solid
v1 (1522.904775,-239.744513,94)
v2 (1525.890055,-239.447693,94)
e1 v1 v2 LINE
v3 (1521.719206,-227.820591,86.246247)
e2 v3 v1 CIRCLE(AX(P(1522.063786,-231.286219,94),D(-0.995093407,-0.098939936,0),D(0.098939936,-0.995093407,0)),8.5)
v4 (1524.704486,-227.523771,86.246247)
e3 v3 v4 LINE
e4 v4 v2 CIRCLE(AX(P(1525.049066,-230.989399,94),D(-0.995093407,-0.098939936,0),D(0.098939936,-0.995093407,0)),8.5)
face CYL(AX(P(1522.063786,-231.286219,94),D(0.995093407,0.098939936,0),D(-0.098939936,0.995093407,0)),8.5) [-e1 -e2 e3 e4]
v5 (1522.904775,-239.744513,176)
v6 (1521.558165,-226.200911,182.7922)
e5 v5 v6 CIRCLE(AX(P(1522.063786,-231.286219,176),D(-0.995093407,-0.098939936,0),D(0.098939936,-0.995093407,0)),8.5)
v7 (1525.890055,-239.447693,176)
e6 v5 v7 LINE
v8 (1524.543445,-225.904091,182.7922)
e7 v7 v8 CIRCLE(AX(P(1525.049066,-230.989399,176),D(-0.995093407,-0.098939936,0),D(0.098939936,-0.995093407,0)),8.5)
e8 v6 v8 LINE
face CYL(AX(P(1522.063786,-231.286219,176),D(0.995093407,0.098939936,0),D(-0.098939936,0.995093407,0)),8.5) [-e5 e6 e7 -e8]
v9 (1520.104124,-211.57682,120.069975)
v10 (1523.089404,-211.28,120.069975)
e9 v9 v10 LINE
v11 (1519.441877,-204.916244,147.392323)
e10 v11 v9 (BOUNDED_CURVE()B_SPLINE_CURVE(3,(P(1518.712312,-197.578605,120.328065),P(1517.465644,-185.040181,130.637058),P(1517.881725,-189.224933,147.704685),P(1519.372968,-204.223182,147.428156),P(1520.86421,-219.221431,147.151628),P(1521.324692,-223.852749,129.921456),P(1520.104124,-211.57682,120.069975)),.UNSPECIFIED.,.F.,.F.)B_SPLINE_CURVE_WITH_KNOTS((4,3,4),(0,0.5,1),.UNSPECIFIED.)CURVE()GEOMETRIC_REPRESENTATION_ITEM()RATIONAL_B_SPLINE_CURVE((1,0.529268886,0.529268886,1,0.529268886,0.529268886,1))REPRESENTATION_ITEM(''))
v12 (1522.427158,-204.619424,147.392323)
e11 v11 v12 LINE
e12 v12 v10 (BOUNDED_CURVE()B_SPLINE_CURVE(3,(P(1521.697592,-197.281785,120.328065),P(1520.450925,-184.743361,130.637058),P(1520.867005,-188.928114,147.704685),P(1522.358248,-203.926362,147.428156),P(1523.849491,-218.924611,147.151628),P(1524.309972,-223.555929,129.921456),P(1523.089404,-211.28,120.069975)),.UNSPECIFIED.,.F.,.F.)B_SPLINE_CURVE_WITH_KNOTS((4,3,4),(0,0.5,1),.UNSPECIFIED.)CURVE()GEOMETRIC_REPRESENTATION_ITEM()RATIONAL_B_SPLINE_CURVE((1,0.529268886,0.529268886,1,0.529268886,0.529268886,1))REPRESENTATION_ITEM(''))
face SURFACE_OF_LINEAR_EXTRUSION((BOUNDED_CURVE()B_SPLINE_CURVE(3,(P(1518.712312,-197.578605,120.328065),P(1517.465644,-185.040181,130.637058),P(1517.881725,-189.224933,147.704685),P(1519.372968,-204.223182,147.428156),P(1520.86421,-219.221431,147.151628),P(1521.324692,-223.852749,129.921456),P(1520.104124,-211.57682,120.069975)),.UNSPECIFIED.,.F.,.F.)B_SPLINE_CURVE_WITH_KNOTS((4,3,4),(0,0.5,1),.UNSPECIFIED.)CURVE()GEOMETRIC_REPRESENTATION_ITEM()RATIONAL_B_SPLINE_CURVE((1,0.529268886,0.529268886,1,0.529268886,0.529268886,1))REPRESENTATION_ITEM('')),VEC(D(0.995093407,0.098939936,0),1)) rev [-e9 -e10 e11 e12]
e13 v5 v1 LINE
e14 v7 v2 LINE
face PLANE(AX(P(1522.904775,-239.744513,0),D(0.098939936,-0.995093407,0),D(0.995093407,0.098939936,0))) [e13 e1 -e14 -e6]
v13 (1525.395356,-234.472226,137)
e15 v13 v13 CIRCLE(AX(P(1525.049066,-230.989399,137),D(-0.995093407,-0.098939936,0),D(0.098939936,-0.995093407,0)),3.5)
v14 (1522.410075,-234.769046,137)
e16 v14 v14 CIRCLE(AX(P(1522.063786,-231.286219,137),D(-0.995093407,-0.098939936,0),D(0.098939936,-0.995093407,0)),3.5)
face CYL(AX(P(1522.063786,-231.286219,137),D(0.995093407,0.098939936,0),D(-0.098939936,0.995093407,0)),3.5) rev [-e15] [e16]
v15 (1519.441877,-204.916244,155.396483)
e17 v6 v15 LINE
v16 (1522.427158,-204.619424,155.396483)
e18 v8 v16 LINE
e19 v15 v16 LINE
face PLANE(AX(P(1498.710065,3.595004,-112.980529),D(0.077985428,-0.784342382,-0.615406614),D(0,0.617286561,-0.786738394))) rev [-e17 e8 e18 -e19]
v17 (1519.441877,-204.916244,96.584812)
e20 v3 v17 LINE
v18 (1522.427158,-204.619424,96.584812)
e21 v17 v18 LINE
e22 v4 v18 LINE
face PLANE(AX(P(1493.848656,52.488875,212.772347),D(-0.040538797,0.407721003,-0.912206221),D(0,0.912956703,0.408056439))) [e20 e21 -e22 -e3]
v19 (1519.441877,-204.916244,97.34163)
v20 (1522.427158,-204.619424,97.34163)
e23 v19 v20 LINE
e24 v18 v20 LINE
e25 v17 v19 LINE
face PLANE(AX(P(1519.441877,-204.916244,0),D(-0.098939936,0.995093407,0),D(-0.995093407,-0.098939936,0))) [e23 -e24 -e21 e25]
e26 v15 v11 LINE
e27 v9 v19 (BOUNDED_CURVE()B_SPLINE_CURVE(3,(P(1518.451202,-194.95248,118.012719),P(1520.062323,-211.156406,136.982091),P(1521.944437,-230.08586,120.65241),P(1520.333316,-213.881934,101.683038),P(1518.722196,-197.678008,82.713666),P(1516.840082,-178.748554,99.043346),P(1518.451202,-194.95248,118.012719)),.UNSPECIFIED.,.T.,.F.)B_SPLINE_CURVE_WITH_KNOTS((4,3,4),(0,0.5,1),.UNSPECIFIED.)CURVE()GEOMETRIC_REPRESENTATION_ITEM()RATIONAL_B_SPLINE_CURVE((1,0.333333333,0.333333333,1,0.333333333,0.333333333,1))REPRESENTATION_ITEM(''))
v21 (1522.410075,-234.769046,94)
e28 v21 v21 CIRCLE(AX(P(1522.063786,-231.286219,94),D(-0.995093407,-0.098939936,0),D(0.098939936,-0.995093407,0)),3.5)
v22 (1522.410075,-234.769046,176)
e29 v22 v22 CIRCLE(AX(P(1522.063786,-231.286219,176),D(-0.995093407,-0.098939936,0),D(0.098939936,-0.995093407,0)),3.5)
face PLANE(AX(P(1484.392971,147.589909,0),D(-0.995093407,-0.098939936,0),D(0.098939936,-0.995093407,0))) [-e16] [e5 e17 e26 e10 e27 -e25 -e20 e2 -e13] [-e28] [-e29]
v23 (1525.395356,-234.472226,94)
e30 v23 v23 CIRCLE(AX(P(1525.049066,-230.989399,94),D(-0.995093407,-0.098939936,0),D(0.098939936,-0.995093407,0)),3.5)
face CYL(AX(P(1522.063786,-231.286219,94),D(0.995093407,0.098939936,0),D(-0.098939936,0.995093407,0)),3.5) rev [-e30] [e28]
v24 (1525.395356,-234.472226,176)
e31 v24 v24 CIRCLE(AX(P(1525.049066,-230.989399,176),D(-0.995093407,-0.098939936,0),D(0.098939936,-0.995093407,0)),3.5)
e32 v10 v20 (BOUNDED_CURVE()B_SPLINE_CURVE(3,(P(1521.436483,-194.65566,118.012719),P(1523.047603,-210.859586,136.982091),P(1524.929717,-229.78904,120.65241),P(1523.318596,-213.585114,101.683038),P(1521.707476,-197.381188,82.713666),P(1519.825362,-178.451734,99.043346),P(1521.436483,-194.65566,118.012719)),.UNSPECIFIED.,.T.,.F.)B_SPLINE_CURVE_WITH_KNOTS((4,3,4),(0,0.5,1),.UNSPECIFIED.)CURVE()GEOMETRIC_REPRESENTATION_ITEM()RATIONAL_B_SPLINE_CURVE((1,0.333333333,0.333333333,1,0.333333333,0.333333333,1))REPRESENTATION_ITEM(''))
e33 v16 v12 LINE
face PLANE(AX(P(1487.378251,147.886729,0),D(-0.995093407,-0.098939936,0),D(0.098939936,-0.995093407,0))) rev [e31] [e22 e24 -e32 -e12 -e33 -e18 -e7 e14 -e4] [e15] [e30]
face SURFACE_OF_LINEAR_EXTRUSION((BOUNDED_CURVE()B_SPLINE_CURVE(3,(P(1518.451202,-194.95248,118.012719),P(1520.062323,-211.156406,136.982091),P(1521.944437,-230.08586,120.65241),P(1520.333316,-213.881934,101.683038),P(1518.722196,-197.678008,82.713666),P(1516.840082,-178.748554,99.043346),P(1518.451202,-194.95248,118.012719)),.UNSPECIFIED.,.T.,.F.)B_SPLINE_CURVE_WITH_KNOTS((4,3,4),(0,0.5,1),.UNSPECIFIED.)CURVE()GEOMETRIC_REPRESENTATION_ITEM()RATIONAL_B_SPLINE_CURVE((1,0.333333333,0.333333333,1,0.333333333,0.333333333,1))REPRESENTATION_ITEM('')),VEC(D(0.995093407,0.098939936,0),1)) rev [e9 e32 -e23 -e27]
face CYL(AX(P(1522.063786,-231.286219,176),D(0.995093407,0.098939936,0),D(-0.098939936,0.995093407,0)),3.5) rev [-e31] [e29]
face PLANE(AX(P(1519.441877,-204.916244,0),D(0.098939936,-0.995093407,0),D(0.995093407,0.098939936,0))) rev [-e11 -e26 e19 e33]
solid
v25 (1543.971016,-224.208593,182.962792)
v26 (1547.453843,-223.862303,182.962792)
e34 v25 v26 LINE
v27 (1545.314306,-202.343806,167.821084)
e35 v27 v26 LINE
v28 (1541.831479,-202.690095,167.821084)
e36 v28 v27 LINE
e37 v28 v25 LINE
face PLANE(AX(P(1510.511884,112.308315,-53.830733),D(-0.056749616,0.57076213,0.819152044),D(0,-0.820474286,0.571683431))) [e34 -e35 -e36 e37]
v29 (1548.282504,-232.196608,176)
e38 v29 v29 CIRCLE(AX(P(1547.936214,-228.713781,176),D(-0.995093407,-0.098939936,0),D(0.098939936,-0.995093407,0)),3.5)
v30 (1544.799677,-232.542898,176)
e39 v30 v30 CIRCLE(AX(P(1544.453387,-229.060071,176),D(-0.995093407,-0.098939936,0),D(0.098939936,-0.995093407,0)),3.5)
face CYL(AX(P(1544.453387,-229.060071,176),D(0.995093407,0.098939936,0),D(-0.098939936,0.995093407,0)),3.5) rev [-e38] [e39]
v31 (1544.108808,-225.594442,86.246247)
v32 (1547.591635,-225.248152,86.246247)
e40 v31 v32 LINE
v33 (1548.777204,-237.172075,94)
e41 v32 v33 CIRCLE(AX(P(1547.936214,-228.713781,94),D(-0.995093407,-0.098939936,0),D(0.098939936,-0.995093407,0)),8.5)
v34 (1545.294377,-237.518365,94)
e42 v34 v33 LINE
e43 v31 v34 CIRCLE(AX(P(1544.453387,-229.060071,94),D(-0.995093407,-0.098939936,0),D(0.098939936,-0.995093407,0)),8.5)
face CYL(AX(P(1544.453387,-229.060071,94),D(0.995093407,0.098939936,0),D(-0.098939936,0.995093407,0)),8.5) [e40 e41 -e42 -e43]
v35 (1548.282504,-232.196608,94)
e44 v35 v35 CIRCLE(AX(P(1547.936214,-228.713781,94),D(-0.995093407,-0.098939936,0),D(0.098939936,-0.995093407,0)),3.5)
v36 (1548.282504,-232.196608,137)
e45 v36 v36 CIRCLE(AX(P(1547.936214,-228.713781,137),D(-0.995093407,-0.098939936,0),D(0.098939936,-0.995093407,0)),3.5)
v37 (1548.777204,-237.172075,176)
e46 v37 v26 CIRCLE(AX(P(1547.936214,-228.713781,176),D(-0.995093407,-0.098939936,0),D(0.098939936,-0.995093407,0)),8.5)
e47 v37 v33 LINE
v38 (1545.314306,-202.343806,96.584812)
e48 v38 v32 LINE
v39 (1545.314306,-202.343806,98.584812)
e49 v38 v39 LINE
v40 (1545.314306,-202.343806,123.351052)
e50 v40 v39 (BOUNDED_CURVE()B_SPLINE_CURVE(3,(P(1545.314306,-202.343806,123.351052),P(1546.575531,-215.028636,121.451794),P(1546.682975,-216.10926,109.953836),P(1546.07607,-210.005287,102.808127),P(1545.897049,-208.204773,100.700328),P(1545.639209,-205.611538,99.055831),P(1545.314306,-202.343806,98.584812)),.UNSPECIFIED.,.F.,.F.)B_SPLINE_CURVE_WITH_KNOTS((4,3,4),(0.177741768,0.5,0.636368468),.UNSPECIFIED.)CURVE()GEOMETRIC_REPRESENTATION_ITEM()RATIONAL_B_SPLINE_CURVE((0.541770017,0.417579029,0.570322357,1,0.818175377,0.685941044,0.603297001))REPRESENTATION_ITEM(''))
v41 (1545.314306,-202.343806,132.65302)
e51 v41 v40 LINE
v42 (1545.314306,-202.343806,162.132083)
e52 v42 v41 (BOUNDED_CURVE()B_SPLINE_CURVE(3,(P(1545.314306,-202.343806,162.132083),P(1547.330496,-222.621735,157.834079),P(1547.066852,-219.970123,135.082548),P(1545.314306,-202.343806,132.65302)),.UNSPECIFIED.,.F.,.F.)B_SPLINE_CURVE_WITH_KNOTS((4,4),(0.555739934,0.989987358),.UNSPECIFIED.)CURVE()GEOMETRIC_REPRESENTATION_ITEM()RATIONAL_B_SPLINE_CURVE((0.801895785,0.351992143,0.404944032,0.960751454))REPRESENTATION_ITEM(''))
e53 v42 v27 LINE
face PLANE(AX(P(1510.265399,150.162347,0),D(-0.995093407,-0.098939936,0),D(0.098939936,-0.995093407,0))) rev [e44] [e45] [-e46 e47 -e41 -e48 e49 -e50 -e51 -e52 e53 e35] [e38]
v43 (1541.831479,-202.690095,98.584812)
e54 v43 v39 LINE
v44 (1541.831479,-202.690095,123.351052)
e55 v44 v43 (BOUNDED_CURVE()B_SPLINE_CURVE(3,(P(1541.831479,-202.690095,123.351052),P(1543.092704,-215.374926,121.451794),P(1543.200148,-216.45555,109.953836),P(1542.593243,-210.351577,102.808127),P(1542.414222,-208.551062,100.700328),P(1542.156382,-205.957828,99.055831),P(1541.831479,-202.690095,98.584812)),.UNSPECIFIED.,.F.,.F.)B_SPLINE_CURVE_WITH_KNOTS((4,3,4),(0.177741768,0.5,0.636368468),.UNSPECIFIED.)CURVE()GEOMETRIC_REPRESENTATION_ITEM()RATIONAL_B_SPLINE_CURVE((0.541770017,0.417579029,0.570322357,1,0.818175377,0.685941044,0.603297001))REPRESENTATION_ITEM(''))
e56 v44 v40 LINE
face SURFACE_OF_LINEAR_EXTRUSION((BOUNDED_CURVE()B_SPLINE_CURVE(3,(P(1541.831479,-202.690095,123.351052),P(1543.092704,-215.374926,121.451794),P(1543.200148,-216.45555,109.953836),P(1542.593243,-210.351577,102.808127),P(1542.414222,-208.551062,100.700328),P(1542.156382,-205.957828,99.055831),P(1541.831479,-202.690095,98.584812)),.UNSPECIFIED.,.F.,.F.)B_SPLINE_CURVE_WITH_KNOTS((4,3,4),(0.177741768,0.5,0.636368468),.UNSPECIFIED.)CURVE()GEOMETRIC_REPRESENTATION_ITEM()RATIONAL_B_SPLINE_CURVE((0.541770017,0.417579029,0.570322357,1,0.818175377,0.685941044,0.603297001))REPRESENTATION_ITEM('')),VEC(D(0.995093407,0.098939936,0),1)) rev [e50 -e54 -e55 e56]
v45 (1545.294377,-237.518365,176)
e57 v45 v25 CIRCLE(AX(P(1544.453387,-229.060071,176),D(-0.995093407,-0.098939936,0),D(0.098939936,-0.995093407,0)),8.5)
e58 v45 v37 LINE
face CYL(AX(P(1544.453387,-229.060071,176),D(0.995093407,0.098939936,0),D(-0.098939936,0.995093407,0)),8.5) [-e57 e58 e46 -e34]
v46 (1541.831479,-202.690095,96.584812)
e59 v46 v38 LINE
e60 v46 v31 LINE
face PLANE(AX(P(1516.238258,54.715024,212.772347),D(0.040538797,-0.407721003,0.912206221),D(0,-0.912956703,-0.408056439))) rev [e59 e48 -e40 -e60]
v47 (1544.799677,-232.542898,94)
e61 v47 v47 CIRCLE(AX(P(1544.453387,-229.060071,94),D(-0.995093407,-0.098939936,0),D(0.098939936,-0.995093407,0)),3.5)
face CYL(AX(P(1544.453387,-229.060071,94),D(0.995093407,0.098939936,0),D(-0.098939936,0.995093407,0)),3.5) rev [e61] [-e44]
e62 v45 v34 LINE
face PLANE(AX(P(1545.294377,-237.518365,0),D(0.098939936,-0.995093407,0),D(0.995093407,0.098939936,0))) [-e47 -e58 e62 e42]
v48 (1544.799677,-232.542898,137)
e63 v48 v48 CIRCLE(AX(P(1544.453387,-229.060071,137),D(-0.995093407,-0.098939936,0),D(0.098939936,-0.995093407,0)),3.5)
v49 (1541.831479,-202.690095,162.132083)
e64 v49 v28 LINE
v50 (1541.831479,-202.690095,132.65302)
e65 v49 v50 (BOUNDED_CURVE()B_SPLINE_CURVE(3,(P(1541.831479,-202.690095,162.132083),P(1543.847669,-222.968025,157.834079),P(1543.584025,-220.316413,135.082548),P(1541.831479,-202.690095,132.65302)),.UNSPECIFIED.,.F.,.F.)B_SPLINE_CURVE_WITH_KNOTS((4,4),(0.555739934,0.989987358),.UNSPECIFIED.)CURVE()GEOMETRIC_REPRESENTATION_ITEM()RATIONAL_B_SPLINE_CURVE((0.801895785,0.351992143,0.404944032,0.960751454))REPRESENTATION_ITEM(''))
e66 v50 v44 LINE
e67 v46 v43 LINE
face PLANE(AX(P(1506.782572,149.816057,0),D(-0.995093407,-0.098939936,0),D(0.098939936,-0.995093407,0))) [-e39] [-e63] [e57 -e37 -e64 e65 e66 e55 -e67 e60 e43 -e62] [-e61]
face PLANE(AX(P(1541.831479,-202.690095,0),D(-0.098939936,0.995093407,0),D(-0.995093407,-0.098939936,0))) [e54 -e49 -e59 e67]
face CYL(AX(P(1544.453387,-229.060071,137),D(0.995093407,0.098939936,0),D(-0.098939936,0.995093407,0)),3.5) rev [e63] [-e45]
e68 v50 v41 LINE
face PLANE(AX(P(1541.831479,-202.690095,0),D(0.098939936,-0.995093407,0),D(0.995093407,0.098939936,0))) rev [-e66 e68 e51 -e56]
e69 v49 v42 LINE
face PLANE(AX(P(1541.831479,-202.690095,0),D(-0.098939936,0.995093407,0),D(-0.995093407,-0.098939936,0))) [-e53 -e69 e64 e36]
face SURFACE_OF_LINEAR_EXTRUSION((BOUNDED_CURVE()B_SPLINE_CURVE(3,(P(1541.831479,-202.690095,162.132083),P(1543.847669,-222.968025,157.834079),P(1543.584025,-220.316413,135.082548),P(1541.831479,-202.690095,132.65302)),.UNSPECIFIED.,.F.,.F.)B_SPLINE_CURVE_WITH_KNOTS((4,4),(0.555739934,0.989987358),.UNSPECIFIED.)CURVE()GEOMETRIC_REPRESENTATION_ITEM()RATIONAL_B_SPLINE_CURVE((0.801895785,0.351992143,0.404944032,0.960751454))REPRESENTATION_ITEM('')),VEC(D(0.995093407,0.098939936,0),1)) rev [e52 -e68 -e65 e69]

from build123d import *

# Parameters (mm, degrees)
SZKIC1_R                    = 3.5
DODANIE_WYCI_GNI_CIE1_DEPTH = 3.5
SZKIC2_R                    = 3.5
DODANIE_WYCI_GNI_CIE2_DEPTH = 3


with BuildPart() as part:
    # Szkic1 → Dodanie-wyciągnięcie1 (new body)
    with BuildSketch(Plane(origin=(1510.26539917, 150.162347119, 0), x_dir=(0, 0, 1), z_dir=(-0.995093407, -0.098939936, 0))):
        with BuildLine():
            Line((176, -389.244285112), (94, -389.244285112))
            ThreePointArc((94, -389.244285112), (86.863716206, -385.362017631), (86.246247121, -377.261568315))
            Line((86.246247121, -377.261568315), (96.584812208, -354.244285112))
            Line((96.584812208, -354.244285112), (98.584812208, -354.244285112))
            add(Edge.make_bspline(
                [(123.351051733, -354.244285112), (121.451794076, -366.991661985), (109.953835715, -368.077613983), (102.808126789, -361.943543508), (100.700327503, -360.134151396), (99.055830817, -357.52813016), (98.584812208, -354.244285112)],
                knots=[0.177741768, 0.177741768, 0.177741768, 0.177741768, 0.5, 0.5, 0.5, 0.636368468, 0.636368468, 0.636368468, 0.636368468], degree=3, weights=[0.541770017, 0.417579029, 0.570322357, 1, 0.818175377, 0.685941044, 0.603297001]))
            Line((123.351051733, -354.244285112), (132.653019729, -354.244285112))
            add(Edge.make_bspline(
                [(162.132083494, -354.244285112), (157.83407929, -374.622201078), (135.082547526, -371.957513924), (132.653019729, -354.244285112)],
                knots=[0.555739934, 0.555739934, 0.555739934, 0.555739934, 0.989987358, 0.989987358, 0.989987358, 0.989987358], degree=3, weights=[0.801895785, 0.351992143, 0.404944032, 0.960751454]))
            Line((162.132083494, -354.244285112), (167.821084242, -354.244285112))
            Line((167.821084242, -354.244285112), (182.962792376, -375.868885403))
            ThreePointArc((182.962792376, -375.868885403), (183.539592082, -384.669148324), (176, -389.244285112))
        make_face()
        with Locations((176, -380.744285112)):
            Circle(SZKIC1_R, mode=Mode.SUBTRACT)
        with Locations((137, -380.744285112)):
            Circle(SZKIC1_R, mode=Mode.SUBTRACT)
        with Locations((94, -380.744285112)):
            Circle(SZKIC1_R, mode=Mode.SUBTRACT)
    extrude(amount=DODANIE_WYCI_GNI_CIE1_DEPTH)


with BuildPart() as body_2:
    # Szkic2 → Dodanie-wyciągnięcie2 (new body)
    with BuildSketch(Plane(origin=(1487.378250803, 147.886728596, 0), x_dir=(0, 0, 1), z_dir=(-0.995093407, -0.098939936, 0))):
        with BuildLine():
            Line((94, -389.244285112), (176, -389.244285112))
            ThreePointArc((176, -389.244285112), (183.605532693, -384.539791989), (182.792200387, -375.633902161))
            Line((182.792200387, -375.633902161), (155.396482628, -354.244285112))
            Line((155.396482628, -354.244285112), (147.392323291, -354.244285112))
            add(Edge.make_bspline(
                [(147.392323291, -354.244285112), (146.155727883, -368.865974762), (129.40362382, -372.625709898), (120.0699746, -360.937702969)],
                knots=[0.514263128, 0.514263128, 0.514263128, 0.514263128, 1, 1, 1, 1], degree=3, weights=[0.960864578, 0.529651942, 0.542697083, 1]))
            add(Edge.make_bspline(
                [(120.0699746, -360.937702969), (114.863351071, -368.326546813), (106.77470385, -367.625007076), (101.683038198, -363.254183094), (99.274683189, -361.186785793), (97.48553021, -358.103092297), (97.341630267, -354.244285112)],
                knots=[0.238017488, 0.238017488, 0.238017488, 0.238017488, 0.5, 0.5, 0.5, 0.651875895, 0.651875895, 0.651875895, 0.651875895], degree=3, weights=[0.501148645, 0.484406199, 0.650689984, 1, 0.797498807, 0.656507714, 0.57702672]))
            Line((97.341630267, -354.244285112), (96.584812208, -354.244285112))
            Line((96.584812208, -354.244285112), (86.246247121, -377.261568315))
            ThreePointArc((86.246247121, -377.261568315), (86.863716206, -385.362017631), (94, -389.244285112))
        make_face()
        with Locations((94, -380.744285112)):
            Circle(SZKIC2_R, mode=Mode.SUBTRACT)
        with Locations((137, -380.744285112)):
            Circle(SZKIC2_R, mode=Mode.SUBTRACT)
        with Locations((176, -380.744285112)):
            Circle(SZKIC2_R, mode=Mode.SUBTRACT)
    extrude(amount=DODANIE_WYCI_GNI_CIE2_DEPTH)


solid = Compound([part.part, body_2.part])
